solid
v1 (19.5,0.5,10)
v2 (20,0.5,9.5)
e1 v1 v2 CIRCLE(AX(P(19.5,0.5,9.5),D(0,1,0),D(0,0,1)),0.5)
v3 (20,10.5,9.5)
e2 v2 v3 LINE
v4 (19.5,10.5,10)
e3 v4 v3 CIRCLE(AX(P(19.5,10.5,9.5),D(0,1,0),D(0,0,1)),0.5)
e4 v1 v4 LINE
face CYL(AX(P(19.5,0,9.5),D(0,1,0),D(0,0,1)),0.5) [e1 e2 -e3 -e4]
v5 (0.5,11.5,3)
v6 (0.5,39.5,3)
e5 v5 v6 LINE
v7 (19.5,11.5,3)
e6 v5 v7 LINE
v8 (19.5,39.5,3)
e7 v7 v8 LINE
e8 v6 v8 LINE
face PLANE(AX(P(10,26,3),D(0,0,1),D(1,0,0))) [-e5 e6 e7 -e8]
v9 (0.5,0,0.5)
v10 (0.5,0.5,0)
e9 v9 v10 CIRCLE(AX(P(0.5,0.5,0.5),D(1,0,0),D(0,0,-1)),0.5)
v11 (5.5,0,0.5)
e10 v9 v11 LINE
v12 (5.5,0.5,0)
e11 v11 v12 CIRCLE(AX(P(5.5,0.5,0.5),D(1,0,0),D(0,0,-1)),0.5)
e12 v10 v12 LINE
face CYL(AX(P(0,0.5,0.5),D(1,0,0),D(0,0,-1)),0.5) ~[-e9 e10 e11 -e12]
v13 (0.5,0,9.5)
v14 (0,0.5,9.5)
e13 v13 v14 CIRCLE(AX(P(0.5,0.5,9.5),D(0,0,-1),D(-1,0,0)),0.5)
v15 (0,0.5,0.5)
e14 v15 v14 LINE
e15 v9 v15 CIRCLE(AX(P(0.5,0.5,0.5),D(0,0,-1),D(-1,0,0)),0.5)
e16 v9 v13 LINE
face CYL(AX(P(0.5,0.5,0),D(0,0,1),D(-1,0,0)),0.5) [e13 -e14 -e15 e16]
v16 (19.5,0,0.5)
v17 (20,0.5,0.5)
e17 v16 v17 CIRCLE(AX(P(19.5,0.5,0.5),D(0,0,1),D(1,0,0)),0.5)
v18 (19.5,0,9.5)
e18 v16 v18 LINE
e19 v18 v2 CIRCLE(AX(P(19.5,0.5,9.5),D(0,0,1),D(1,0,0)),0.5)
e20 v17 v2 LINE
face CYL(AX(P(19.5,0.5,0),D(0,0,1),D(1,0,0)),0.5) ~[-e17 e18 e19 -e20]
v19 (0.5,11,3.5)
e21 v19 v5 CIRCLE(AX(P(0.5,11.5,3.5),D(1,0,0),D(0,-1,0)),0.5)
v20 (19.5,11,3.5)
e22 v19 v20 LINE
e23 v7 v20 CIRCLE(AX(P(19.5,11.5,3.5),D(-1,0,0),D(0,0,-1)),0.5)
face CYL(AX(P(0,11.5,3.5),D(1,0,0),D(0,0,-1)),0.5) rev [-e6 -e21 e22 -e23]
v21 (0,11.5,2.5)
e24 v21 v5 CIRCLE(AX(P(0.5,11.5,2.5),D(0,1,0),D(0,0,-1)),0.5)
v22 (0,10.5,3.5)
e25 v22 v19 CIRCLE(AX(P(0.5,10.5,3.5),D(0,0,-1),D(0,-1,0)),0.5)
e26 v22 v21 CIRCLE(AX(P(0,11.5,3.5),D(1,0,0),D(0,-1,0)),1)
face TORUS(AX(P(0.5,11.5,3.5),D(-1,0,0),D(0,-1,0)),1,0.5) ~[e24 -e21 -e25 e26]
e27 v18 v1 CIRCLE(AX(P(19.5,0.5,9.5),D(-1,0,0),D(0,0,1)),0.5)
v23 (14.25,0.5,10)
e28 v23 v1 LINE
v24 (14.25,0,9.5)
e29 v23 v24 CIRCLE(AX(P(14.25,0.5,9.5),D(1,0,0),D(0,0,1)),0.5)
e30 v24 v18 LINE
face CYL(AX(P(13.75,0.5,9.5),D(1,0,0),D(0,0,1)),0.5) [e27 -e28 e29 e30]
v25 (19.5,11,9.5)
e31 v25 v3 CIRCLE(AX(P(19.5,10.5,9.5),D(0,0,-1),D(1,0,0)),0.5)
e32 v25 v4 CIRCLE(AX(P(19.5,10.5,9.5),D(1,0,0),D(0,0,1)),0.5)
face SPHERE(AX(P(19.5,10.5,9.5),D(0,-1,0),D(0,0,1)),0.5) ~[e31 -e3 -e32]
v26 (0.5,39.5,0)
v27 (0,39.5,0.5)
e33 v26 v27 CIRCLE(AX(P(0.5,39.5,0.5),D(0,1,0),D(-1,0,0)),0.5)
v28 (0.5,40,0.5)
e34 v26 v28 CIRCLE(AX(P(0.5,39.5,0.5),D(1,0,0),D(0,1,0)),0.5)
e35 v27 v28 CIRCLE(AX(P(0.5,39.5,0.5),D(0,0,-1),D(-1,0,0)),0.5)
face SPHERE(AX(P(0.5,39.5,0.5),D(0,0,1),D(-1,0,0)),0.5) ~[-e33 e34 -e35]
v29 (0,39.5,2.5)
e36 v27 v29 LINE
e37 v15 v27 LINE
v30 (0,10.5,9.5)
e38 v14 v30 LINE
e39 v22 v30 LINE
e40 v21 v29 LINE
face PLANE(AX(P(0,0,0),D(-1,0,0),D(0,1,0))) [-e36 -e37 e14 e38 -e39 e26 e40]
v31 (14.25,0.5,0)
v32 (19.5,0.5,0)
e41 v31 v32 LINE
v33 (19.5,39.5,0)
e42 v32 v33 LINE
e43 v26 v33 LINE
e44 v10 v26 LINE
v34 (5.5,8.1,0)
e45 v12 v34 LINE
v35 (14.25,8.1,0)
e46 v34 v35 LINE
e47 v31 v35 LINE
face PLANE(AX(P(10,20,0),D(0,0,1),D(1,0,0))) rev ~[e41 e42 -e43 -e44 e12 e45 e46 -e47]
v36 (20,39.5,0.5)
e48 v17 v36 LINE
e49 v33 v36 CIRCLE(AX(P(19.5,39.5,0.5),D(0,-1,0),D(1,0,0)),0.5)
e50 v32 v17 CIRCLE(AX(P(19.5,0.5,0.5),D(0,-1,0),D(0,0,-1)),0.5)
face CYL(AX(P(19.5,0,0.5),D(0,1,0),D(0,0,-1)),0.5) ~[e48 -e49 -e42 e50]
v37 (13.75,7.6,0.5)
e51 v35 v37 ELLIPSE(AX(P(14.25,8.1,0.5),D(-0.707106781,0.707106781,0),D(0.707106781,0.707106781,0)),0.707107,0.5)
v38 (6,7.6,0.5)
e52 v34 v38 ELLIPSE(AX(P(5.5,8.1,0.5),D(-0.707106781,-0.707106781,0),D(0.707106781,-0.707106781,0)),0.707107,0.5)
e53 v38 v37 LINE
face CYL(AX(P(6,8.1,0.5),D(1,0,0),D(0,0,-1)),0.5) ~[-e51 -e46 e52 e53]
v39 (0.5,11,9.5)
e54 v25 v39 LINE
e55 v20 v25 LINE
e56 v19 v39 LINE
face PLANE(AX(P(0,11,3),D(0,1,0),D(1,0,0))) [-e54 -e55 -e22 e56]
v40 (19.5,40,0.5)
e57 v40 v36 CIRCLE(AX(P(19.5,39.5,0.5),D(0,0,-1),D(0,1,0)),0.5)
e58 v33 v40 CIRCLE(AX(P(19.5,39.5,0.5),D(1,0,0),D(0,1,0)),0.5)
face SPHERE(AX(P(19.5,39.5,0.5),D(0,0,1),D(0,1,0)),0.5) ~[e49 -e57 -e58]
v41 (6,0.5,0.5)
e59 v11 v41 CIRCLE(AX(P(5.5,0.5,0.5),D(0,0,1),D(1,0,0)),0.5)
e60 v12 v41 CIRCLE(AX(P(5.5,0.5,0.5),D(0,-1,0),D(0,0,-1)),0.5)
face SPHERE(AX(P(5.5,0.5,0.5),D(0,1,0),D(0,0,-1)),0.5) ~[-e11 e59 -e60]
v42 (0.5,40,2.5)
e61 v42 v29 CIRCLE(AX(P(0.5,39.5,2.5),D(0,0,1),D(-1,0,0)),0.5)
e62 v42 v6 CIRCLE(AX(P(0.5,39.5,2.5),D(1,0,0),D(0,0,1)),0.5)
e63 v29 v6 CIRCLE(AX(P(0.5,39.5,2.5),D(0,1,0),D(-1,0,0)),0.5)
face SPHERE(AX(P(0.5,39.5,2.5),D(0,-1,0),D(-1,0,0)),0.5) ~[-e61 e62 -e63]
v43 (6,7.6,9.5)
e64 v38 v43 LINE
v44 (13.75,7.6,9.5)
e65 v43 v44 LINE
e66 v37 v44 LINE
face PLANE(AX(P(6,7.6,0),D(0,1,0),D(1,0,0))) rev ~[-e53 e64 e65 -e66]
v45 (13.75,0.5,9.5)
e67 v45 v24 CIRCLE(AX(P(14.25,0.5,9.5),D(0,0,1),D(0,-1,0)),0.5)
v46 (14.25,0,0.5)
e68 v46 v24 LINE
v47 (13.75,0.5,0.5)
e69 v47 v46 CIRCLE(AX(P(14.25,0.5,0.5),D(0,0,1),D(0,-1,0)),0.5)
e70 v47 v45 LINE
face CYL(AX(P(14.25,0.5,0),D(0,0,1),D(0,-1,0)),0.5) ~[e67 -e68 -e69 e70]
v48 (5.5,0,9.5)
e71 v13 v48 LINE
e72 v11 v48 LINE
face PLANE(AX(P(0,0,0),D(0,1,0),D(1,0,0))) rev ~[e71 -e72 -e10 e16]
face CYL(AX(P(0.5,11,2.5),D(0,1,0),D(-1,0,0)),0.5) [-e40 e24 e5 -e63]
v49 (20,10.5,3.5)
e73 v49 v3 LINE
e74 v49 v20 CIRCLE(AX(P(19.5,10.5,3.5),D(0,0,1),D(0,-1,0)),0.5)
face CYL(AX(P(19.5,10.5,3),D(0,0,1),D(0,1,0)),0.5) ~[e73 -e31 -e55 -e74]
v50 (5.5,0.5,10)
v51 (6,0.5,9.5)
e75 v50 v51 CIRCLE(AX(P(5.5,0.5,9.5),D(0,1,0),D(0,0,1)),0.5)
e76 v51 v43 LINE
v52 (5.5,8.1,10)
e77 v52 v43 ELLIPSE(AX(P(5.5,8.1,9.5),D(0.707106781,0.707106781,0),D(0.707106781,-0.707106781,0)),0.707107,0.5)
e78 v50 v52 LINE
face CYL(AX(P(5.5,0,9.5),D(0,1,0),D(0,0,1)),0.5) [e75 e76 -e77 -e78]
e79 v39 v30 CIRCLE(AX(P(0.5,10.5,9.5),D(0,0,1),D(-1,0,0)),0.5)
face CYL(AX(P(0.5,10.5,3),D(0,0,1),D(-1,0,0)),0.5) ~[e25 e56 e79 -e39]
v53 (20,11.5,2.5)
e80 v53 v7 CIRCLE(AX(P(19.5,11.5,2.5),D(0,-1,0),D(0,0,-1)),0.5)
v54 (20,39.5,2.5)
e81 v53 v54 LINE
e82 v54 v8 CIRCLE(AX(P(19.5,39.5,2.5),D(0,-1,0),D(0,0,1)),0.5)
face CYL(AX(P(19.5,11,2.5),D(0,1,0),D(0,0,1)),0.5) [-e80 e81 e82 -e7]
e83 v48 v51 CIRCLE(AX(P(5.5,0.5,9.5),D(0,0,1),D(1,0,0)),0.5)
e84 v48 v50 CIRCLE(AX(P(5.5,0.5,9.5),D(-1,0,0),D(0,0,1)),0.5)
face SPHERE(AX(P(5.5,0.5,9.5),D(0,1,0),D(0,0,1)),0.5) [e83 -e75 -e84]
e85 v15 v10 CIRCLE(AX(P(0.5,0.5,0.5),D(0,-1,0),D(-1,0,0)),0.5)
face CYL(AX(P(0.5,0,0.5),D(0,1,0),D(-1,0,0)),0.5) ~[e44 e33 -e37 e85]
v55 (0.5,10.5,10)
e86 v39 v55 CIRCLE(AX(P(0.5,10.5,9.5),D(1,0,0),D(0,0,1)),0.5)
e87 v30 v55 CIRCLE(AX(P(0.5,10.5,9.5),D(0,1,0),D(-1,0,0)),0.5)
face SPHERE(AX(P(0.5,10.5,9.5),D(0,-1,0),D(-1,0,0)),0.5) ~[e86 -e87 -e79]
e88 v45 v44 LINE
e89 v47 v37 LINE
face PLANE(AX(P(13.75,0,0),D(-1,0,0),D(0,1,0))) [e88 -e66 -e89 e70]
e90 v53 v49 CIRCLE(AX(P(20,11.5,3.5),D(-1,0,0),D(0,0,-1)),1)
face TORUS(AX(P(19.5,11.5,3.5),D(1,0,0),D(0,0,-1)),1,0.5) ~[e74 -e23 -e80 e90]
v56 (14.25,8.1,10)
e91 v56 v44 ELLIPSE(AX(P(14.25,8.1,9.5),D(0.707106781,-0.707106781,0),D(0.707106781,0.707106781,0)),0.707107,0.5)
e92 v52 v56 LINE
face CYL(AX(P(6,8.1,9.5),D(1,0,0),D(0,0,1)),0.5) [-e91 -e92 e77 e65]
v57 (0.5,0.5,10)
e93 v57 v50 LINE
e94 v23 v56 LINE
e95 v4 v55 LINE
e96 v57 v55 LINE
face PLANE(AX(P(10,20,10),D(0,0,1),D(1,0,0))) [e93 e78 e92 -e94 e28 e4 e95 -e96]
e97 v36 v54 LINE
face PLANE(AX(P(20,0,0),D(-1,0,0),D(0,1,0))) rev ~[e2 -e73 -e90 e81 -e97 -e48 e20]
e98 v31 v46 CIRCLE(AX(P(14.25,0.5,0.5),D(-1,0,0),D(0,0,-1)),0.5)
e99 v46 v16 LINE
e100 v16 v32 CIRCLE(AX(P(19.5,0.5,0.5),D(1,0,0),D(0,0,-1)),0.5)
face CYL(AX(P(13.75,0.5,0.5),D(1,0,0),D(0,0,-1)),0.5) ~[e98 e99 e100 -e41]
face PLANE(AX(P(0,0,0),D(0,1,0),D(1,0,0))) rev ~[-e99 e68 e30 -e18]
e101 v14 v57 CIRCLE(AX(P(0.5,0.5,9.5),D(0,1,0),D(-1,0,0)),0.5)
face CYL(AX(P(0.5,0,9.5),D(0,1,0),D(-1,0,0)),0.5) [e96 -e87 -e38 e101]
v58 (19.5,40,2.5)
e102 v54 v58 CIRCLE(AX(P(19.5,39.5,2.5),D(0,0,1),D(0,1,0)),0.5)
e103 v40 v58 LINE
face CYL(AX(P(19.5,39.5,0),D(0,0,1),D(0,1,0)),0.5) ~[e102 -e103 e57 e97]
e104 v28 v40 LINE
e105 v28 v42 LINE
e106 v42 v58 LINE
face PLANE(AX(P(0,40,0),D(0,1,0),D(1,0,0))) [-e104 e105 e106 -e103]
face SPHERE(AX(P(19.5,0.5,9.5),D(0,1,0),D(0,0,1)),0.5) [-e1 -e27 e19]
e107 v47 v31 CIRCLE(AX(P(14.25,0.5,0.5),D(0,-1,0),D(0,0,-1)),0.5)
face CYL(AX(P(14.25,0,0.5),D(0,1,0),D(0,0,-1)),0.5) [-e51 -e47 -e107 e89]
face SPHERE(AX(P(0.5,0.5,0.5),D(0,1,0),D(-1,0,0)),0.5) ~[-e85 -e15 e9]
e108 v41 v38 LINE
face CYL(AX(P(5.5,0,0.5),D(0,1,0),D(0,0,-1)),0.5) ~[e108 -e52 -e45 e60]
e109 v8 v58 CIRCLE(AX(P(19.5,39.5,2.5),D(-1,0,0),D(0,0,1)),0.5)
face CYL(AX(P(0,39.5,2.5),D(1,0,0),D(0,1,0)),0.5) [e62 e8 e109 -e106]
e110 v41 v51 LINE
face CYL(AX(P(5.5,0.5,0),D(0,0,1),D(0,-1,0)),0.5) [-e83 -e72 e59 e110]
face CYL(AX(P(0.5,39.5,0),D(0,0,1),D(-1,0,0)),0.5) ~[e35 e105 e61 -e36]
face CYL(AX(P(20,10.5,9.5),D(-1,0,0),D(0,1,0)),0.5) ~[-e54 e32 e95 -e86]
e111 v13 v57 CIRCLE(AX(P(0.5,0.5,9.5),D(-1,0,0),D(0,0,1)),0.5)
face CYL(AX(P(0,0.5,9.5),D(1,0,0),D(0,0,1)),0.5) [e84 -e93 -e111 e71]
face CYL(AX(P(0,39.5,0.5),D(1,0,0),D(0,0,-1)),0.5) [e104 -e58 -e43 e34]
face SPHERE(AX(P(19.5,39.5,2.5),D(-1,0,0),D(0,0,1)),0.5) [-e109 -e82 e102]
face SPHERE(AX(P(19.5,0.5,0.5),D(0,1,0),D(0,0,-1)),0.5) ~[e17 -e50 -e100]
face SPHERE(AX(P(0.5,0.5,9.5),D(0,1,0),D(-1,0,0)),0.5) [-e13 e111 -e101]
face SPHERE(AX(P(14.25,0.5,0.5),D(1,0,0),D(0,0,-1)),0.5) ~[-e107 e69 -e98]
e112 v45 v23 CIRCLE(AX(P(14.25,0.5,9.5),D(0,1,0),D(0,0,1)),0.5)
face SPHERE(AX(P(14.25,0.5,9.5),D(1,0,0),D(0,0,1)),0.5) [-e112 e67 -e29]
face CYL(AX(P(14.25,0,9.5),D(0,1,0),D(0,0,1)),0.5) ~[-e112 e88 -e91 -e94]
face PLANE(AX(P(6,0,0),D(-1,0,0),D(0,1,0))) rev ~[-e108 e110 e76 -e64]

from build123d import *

# Parameters (mm, degrees)
BOX002_W     = 20
BOX002_H     = 30
BOX002_DEPTH = 10
BOX_W        = 7.75
BOX_H        = 7.6
BOX_DEPTH    = 10
BOX001_W     = 20
BOX001_H     = 40
BOX001_DEPTH = 10
FILLET_R     = 0.5


with BuildPart() as cube002:
    # Box002 → Box002 (new body)
    with BuildSketch(Plane(origin=(0, 11, 3), x_dir=(1, 0, 0), z_dir=(0, 0, 1))):
        with Locations((10, 15)):
            Rectangle(BOX002_W, BOX002_H)
    extrude(amount=BOX002_DEPTH)


with BuildPart() as cube:
    # Box → Box (new body)
    with BuildSketch(Plane(origin=(6, 0, 0), x_dir=(1, 0, 0), z_dir=(0, 0, 1))):
        with Locations((3.875, 3.8)):
            Rectangle(BOX_W, BOX_H)
    extrude(amount=BOX_DEPTH)


with BuildPart() as fillet_body:
    # Box001 → Box001 (new body)
    with BuildSketch(Plane.XY):
        with Locations((10, 20)):
            Rectangle(BOX001_W, BOX001_H)
    extrude(amount=BOX001_DEPTH)

    # Cut: cut Cube
    add(cube.part, mode=Mode.SUBTRACT)

    # Cut001: cut Cube002
    add(cube002.part, mode=Mode.SUBTRACT)

    # Fillet
    fillet_edges = [fillet_body.edges().sort_by_distance(p)[0] for p in [
        (0, 5.5, 10),
        (0, 11, 6.5),
        (0, 25.5, 3),
        (0, 40, 1.5),
        (0, 20, 0),
        (0, 0, 5),
        (20, 5.5, 10),
        (16.875, 0, 10),
        (13.75, 3.8, 10),
        (9.875, 7.6, 10),
        (6, 3.8, 10),
        (3, 0, 10),
        (10, 11, 10),
        (20, 11, 6.5),
        (10, 11, 3),
        (10, 40, 3),
        (20, 25.5, 3),
        (20, 40, 1.5),
        (10, 40, 0),
        (20, 20, 0),
        (16.875, 0, 0),
        (13.75, 3.8, 0),
        (9.875, 7.6, 0),
        (6, 3.8, 0),
        (3, 0, 0),
        (6, 0, 5),
        (20, 0, 5),
        (13.75, 0, 5),
    ]]
    fillet(fillet_edges, radius=FILLET_R)


solid = fillet_body.part
